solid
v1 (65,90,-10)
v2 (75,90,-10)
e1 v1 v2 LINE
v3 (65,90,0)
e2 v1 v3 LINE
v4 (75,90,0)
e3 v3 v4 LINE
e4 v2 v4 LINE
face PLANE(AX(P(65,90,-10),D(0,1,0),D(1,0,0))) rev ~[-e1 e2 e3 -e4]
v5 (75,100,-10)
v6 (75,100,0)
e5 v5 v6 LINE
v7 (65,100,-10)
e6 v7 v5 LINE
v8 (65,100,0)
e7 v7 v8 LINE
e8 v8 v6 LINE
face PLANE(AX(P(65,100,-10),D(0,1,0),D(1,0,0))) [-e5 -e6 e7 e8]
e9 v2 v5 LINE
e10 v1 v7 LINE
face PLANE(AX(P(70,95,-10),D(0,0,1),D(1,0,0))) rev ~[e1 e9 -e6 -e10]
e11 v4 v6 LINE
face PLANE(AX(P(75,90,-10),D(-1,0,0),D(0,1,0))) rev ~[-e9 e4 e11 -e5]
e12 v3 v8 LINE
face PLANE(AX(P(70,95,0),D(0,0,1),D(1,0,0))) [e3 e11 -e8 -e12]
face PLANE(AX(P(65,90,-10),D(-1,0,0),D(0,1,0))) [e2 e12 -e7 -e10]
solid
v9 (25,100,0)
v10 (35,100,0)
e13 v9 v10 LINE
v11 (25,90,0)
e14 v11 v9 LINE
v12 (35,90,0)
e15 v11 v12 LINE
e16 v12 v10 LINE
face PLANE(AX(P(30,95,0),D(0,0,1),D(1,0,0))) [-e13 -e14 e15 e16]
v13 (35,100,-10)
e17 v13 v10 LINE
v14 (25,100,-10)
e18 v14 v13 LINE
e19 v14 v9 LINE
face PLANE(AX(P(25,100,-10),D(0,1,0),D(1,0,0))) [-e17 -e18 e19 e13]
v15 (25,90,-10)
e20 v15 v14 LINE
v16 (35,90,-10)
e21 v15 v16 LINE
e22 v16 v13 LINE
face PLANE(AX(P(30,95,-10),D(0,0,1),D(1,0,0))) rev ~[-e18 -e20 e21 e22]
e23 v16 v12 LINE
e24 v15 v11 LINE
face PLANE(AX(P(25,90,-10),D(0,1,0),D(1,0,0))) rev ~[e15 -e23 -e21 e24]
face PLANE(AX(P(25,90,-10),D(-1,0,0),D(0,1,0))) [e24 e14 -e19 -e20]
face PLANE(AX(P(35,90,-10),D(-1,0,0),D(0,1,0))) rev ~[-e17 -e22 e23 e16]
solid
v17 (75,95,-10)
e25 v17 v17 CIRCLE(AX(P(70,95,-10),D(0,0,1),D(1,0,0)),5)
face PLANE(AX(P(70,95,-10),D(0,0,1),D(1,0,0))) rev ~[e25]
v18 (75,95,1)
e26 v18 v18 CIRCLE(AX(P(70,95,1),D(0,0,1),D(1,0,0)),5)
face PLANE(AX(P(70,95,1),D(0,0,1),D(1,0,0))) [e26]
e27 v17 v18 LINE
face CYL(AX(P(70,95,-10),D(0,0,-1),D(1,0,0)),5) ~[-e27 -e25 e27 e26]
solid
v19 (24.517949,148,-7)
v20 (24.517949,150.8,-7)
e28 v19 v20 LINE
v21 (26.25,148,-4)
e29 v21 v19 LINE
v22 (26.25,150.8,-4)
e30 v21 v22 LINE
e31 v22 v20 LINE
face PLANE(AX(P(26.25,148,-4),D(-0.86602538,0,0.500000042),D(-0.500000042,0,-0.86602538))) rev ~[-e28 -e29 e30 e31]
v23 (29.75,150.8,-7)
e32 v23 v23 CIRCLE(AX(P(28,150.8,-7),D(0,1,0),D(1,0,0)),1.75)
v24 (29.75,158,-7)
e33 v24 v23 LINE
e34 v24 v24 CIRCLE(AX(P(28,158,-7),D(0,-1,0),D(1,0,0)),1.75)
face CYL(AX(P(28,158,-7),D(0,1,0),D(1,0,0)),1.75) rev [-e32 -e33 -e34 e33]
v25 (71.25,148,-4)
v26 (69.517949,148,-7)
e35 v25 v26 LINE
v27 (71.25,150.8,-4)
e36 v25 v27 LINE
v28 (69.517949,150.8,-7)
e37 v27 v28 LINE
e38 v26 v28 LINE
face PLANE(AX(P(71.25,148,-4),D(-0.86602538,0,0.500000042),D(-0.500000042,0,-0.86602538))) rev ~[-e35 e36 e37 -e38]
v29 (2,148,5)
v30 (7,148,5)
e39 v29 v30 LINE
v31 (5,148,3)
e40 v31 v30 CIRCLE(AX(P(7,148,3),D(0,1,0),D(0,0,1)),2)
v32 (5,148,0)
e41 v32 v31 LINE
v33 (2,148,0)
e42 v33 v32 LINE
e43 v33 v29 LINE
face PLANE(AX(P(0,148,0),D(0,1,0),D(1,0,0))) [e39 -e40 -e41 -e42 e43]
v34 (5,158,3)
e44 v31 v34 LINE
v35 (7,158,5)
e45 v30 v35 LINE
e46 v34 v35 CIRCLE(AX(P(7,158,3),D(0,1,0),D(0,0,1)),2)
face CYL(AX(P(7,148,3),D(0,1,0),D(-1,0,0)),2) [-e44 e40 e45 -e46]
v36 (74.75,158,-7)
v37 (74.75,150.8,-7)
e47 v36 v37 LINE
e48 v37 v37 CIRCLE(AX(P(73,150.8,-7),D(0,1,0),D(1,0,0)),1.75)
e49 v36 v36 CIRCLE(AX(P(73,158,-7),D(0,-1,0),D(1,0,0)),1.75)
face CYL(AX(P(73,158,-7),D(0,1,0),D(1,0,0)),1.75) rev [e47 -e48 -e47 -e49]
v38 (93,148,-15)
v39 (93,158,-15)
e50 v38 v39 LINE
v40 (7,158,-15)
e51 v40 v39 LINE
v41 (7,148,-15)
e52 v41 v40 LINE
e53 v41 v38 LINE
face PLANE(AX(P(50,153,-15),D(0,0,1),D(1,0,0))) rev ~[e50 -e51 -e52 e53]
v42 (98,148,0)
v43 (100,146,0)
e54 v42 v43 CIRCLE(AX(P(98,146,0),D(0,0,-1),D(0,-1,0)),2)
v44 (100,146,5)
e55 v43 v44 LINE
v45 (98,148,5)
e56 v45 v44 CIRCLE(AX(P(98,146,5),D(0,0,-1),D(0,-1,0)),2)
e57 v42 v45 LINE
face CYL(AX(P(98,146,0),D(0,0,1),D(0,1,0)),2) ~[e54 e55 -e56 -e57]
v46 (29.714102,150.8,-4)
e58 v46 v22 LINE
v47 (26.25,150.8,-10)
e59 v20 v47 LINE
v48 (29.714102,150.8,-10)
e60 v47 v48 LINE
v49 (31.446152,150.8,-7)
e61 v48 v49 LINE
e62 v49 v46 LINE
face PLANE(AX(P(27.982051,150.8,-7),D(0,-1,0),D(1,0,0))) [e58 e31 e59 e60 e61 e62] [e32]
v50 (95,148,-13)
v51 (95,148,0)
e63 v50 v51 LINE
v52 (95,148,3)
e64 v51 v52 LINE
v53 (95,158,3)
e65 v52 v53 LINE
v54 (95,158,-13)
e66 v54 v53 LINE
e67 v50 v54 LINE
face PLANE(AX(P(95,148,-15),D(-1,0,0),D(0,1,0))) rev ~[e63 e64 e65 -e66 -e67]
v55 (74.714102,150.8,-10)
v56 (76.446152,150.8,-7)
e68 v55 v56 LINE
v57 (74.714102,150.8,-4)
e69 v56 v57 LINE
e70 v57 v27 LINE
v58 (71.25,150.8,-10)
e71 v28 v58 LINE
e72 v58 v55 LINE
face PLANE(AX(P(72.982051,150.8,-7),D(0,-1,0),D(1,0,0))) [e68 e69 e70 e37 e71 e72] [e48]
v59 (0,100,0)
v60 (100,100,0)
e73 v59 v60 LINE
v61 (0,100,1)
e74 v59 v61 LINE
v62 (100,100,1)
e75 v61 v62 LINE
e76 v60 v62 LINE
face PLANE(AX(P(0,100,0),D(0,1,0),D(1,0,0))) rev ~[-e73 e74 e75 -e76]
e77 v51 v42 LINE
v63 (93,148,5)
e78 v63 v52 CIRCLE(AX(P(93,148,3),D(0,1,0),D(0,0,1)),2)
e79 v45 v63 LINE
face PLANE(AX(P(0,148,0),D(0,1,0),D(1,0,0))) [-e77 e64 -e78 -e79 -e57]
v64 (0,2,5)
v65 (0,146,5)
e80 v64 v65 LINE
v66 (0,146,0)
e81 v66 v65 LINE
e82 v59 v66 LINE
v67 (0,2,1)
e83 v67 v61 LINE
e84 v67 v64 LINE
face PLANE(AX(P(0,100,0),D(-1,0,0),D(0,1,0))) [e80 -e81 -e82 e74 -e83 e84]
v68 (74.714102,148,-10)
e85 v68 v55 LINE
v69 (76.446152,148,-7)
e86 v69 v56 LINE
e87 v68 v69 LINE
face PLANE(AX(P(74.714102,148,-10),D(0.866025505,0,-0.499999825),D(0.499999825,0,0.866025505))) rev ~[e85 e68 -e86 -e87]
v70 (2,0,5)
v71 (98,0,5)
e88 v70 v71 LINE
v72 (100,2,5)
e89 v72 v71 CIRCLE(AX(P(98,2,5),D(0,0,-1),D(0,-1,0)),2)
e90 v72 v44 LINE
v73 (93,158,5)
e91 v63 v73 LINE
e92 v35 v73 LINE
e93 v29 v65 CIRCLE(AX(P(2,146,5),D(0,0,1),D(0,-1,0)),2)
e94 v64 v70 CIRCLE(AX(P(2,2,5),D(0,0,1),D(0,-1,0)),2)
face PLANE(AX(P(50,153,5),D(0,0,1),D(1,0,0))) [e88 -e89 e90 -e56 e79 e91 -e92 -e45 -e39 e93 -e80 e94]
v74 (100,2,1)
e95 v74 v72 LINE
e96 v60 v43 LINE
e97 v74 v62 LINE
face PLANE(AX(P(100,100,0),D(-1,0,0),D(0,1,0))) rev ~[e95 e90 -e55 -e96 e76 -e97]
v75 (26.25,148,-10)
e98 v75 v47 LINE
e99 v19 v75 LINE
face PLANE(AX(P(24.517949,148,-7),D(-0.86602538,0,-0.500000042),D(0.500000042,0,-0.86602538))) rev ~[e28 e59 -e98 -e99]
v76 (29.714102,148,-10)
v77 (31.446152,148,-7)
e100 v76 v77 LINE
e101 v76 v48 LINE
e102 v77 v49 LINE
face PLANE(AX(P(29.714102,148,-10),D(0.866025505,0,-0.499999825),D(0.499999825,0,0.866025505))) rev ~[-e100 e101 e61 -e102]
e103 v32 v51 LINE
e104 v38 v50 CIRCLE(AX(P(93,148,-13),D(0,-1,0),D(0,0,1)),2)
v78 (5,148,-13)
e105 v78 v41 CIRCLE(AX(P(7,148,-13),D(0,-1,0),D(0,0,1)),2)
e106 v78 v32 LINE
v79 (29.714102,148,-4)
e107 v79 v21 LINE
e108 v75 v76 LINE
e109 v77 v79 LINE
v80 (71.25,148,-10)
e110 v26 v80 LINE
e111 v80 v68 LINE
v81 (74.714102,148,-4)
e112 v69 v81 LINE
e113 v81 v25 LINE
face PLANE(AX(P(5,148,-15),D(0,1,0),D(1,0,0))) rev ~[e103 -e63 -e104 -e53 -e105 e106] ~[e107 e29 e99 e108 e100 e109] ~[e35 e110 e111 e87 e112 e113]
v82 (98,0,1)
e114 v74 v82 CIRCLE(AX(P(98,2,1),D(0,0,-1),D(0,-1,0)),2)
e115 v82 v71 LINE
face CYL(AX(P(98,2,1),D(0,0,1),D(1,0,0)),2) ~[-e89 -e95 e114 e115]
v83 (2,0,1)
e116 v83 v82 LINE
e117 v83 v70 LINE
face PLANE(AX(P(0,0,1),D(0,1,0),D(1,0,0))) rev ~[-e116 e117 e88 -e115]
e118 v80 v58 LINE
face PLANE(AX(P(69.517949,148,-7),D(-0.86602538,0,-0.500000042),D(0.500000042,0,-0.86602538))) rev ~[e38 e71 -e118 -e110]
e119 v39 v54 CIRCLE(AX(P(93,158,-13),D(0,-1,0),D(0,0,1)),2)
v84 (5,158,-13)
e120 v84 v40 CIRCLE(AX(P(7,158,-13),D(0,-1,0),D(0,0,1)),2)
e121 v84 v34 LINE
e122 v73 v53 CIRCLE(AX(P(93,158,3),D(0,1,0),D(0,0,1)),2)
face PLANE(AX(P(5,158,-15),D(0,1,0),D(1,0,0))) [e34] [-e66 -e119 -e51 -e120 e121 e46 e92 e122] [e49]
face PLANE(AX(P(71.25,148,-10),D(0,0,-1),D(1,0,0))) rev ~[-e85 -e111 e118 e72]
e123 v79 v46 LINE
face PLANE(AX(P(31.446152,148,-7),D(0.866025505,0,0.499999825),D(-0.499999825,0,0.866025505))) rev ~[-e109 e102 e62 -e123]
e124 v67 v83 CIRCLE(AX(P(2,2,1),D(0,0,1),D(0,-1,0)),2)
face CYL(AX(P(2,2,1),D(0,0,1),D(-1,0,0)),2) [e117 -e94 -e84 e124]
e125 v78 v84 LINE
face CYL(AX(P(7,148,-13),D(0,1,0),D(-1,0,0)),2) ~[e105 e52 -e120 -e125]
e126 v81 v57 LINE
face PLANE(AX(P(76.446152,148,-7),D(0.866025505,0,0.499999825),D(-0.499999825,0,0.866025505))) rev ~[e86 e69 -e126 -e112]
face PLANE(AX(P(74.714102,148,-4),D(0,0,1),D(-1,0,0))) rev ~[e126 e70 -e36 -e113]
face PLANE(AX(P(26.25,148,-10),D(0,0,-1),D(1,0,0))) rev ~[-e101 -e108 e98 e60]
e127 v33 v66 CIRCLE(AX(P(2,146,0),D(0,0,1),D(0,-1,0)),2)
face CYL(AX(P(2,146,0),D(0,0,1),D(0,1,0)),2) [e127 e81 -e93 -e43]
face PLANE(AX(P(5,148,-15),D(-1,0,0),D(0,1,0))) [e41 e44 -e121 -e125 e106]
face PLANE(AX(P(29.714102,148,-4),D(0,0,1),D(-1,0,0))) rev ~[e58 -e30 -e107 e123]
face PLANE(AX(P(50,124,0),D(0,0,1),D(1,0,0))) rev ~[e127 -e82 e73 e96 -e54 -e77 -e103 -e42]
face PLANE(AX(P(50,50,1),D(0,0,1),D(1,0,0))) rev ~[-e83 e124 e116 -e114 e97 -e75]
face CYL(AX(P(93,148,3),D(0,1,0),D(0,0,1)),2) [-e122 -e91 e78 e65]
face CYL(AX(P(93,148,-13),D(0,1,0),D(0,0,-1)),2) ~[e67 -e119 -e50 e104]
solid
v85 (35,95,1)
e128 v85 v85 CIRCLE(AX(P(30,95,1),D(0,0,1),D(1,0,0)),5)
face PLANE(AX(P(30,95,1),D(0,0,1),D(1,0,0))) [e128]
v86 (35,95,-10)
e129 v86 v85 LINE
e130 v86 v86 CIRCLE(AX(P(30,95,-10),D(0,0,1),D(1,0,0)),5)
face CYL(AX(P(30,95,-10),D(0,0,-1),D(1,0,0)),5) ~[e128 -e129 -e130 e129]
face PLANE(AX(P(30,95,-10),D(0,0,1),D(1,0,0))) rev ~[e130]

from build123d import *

# Parameters (mm, degrees)
BOX003_W               = 10
BOX003_H               = 10
BOX003_DEPTH           = 10
BOX004_W               = 10
BOX004_H               = 10
BOX004_DEPTH           = 10
CYLINDER002_R          = 5
CYLINDER002_DEPTH      = 11
CYLINDER003_R          = 5
CYLINDER003_DEPTH      = 11
BOX001_W               = 100
BOX001_H               = 48
BOX001_DEPTH           = 5
CYLINDER001_R          = 1.75
CYLINDER001_DEPTH      = 10
CYLINDER001_ROLL_ANGLE = 90
CYLINDER_R             = 1.75
CYLINDER_DEPTH         = 10
CYLINDER_ROLL_ANGLE    = 90
PAD001_DEPTH           = 2.8
PAD_DEPTH              = 2.8
BOX002_W               = 90
BOX002_H               = 10
BOX002_DEPTH           = 20
BOX_W                  = 100
BOX_H                  = 100
BOX_DEPTH              = 4
FILLET_R               = 2


with BuildPart() as hood_front1:
    # Box003 → Box003 (new body)
    with BuildSketch(Plane(origin=(25, 90, -10), x_dir=(1, 0, 0), z_dir=(0, 0, 1))):
        with Locations((5, 5)):
            Rectangle(BOX003_W, BOX003_H)
    extrude(amount=BOX003_DEPTH)


with BuildPart() as hood_front2:
    # Box004 → Box004 (new body)
    with BuildSketch(Plane(origin=(65, 90, -10), x_dir=(1, 0, 0), z_dir=(0, 0, 1))):
        with Locations((5, 5)):
            Rectangle(BOX004_W, BOX004_H)
    extrude(amount=BOX004_DEPTH)


with BuildPart() as hood_front3:
    # Cylinder002 → Cylinder002 (new body)
    with BuildSketch(Plane(origin=(30, 95, -10), x_dir=(1, 0, 0), z_dir=(0, 0, 1))):
        Circle(CYLINDER002_R)
    extrude(amount=CYLINDER002_DEPTH)


with BuildPart() as hood_front4:
    # Cylinder003 → Cylinder003 (new body)
    with BuildSketch(Plane(origin=(70, 95, -10), x_dir=(1, 0, 0), z_dir=(0, 0, 1))):
        Circle(CYLINDER003_R)
    extrude(amount=CYLINDER003_DEPTH)


with BuildPart() as hood2:
    # Box001 → Box001 (new body)
    with BuildSketch(Plane(origin=(0, 100, 0), x_dir=(1, 0, 0), z_dir=(0, 0, 1))):
        with Locations((50, 24)):
            Rectangle(BOX001_W, BOX001_H)
    extrude(amount=BOX001_DEPTH)


with BuildPart() as screw2:
    # Cylinder001 → Cylinder001 (new body)
    with BuildSketch(Plane.XY):
        Circle(CYLINDER001_R)
    extrude(amount=CYLINDER001_DEPTH)


with BuildPart() as screw2_1:
    # Cylinder001 roll: moved
    add(screw2.part.rotate(Axis((0, 0, 0), (1, 0, 0)), CYLINDER001_ROLL_ANGLE))


with BuildPart() as screw2_2:
    # Cylinder001 placement: moved
    add(screw2_1.part.moved(Location((73, 158, -7))))


with BuildPart() as fusion001:
    # Cylinder → Cylinder (new body)
    with BuildSketch(Plane.XY):
        Circle(CYLINDER_R)
    extrude(amount=CYLINDER_DEPTH)


with BuildPart() as fusion001_1:
    # Cylinder roll: moved
    add(fusion001.part.rotate(Axis((0, 0, 0), (1, 0, 0)), CYLINDER_ROLL_ANGLE))


with BuildPart() as fusion001_2:
    # Cylinder placement: moved
    add(fusion001_1.part.moved(Location((28, 158, -7))))

    # Fusion001: union Screw2
    add(screw2_2.part)


with BuildPart() as nut2:
    # Sketch001 → Pad001 (new body)
    with BuildSketch(Plane(origin=(50, 148, -15), x_dir=(1, 0, 0), z_dir=(0, -1, 0))):
        Polygon((24.714102, 5), (26.446152, 8), (24.714102, 11), (21.25, 11), (19.517949, 8), (21.25, 5), align=None)
    extrude(amount=-PAD001_DEPTH)


with BuildPart() as fusion:
    # Sketch → Pad (new body)
    with BuildSketch(Plane(origin=(5, 148, -15), x_dir=(1, 0, 0), z_dir=(0, -1, 0))):
        Polygon((24.714102, 5), (26.446152, 8), (24.714102, 11), (21.25, 11), (19.517949, 8), (21.25, 5), align=None)
    extrude(amount=-PAD_DEPTH)

    # Fusion: union Nut2
    add(nut2.part)


with BuildPart() as cut001:
    # Box002 → Box002 (new body)
    with BuildSketch(Plane(origin=(5, 148, -15), x_dir=(1, 0, 0), z_dir=(0, 0, 1))):
        with Locations((45, 5)):
            Rectangle(BOX002_W, BOX002_H)
    extrude(amount=BOX002_DEPTH)

    # Cut: cut Fusion
    add(fusion.part, mode=Mode.SUBTRACT)

    # Cut001: cut Fusion001
    add(fusion001_2.part, mode=Mode.SUBTRACT)


with BuildPart() as fillet_body:
    # Box → Box (new body)
    with BuildSketch(Plane.XY.offset(1)):
        with Locations((50, 50)):
            Rectangle(BOX_W, BOX_H)
    extrude(amount=BOX_DEPTH)

    # Fusion002: union Hood2, Cut001
    add(hood2.part)
    add(cut001.part)

    # Fillet
    fillet_edges = [fillet_body.edges().sort_by_distance(p)[0] for p in [
        (100, 0, 3),
        (0, 0, 3),
        (100, 148, 2.5),
        (0, 148, 2.5),
        (5, 153, 5),
        (95, 153, 5),
        (95, 153, -15),
        (5, 153, -15),
    ]]
    fillet(fillet_edges, radius=FILLET_R)


solid = Compound([hood_front1.part, hood_front2.part, hood_front3.part, hood_front4.part, fillet_body.part])
